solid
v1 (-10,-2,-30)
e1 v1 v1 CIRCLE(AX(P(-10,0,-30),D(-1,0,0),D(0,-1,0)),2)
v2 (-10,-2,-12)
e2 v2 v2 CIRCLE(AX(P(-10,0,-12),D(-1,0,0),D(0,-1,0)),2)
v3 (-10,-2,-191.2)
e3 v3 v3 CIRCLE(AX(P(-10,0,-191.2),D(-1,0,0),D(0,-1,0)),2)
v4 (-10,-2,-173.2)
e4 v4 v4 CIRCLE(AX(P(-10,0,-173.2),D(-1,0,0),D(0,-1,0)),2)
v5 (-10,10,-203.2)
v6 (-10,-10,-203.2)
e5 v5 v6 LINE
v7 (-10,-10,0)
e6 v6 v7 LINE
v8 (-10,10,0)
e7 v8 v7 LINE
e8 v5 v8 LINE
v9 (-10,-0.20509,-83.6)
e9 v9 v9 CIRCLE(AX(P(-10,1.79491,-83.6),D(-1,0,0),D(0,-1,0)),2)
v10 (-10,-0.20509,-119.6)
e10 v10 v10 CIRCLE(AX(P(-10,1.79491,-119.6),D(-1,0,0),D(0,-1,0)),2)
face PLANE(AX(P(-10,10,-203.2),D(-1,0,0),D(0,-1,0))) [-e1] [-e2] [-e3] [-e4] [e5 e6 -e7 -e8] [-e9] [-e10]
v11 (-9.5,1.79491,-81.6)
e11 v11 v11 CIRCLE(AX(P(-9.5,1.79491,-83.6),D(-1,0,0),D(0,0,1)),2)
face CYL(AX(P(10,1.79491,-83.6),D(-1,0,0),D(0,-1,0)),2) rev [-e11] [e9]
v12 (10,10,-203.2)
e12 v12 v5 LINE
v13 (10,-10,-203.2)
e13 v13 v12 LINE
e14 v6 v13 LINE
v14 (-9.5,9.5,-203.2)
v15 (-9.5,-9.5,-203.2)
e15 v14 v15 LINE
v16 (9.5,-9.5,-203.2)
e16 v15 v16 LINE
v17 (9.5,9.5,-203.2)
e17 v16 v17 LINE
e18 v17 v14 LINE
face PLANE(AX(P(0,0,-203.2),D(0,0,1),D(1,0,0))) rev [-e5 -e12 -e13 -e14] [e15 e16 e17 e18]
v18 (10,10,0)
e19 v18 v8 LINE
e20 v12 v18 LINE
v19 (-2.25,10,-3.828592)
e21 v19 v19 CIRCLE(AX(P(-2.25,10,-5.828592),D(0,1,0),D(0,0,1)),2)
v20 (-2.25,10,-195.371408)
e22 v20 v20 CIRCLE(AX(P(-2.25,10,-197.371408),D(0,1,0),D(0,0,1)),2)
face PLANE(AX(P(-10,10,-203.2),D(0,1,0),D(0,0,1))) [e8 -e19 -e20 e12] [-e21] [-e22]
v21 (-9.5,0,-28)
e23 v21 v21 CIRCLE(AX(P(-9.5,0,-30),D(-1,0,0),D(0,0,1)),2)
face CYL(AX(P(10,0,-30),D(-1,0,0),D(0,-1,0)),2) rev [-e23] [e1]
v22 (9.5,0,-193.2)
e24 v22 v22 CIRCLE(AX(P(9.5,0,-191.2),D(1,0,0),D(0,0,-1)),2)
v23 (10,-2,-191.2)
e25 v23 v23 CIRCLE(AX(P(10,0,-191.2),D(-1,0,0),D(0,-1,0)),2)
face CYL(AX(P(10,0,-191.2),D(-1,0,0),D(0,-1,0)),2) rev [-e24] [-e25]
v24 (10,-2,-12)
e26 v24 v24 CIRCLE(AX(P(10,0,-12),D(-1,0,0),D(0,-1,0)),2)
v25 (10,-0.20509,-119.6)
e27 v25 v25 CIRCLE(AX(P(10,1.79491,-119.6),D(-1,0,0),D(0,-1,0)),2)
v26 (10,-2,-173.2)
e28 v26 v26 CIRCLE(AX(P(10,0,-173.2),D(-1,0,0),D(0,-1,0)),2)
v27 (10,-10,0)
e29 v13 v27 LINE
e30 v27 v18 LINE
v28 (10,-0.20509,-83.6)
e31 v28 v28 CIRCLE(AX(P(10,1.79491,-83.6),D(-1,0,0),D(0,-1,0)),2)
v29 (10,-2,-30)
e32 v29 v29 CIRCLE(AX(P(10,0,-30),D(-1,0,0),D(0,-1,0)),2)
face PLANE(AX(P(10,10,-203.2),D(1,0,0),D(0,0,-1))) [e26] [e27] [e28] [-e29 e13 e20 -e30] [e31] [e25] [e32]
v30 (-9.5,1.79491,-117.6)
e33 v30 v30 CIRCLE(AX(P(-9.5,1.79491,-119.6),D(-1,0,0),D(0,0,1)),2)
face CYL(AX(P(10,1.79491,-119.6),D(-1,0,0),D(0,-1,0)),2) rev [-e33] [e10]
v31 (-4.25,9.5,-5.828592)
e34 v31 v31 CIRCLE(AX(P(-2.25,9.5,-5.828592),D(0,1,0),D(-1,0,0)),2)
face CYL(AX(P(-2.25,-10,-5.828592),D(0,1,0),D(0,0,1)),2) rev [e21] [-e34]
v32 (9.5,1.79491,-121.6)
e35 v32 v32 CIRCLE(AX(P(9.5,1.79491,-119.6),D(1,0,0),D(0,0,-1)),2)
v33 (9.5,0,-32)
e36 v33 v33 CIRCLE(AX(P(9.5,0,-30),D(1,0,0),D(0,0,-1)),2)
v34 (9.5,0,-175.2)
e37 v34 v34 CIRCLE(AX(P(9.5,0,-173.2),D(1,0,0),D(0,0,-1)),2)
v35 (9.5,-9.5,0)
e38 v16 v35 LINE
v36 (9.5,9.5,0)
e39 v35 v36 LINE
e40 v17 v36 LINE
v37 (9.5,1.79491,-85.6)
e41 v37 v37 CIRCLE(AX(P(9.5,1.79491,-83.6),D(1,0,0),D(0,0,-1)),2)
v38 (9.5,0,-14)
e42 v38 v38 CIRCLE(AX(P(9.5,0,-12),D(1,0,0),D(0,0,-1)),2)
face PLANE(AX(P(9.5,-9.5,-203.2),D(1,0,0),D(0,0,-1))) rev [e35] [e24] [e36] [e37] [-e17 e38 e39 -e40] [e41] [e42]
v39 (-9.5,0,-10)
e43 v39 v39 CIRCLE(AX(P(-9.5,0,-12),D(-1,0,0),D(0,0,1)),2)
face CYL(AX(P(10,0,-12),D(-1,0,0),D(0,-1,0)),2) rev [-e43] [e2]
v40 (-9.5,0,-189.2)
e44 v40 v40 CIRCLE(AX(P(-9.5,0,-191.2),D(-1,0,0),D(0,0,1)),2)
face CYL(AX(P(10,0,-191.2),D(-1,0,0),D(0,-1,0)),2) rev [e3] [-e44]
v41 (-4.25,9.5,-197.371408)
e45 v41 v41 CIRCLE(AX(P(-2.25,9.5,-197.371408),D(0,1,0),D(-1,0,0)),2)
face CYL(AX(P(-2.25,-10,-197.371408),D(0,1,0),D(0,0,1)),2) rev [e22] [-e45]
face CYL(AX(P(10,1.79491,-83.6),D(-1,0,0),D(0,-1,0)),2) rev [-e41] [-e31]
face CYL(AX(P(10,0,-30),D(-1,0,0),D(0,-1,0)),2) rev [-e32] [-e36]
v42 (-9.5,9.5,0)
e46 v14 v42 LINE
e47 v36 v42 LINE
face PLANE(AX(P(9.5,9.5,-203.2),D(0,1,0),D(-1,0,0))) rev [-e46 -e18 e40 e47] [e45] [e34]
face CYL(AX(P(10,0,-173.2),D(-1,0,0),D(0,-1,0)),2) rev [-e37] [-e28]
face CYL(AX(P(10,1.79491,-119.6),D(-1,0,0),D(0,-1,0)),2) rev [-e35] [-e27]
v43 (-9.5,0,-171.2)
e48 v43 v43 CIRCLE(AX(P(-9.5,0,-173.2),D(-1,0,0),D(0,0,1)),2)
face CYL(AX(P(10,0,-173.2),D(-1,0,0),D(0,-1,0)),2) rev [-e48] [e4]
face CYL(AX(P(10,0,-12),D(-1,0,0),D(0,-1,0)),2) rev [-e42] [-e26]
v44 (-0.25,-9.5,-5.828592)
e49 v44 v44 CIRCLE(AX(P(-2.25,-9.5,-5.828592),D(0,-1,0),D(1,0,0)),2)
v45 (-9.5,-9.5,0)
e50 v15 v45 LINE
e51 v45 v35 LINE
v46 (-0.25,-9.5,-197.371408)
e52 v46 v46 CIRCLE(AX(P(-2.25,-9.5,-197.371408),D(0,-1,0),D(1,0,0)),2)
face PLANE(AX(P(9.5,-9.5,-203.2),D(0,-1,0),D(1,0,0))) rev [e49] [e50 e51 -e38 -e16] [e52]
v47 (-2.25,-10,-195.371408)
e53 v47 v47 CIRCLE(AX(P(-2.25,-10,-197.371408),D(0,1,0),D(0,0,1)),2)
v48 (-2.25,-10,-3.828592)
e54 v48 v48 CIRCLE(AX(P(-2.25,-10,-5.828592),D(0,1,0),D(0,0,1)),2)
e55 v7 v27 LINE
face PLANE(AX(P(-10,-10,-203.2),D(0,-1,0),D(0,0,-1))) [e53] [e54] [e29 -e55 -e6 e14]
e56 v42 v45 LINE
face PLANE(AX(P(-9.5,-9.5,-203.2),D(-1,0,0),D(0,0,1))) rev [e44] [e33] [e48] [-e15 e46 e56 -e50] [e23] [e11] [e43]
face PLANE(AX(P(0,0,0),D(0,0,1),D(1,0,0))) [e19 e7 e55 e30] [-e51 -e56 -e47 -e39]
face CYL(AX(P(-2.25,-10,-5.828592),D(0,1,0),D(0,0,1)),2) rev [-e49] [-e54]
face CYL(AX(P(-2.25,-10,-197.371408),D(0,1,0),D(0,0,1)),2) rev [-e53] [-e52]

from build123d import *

# Parameters (mm, degrees)
SKETCH_1_W          = 20
SKETCH_1_H          = 20
SKETCH_1_W_2        = 19
SKETCH_1_H_2        = 19
EXTRUDE_1_DEPTH     = 203.2
SKETCH_2_R          = 2
CUT_EXTRUDE_1_DEPTH = 205.426612749
SKETCH_3_R          = 2
CUT_EXTRUDE_2_DEPTH = 205.426612749


with BuildPart() as part:
    # 草图1 → 凸台-拉伸1 (new body)
    with BuildSketch(Plane.XY):
        Rectangle(SKETCH_1_W, SKETCH_1_H)
        Rectangle(SKETCH_1_W_2, SKETCH_1_H_2, mode=Mode.SUBTRACT)
    extrude(amount=-EXTRUDE_1_DEPTH)

    # 草图2 → 切除-拉伸1 (cut, through all)
    with BuildSketch(Plane.ZY.offset(10)):
        with Locations(Location((-30, 0, 0), (0, 0, 270))):
            Circle(SKETCH_2_R)
        with Locations(Location((-83.6, 1.794910396, 0), (0, 0, 270))):
            Circle(SKETCH_2_R)
        with Locations(Location((-119.6, 1.794910396, 0), (0, 0, 270))):
            Circle(SKETCH_2_R)
        with Locations(Location((-173.2, 0, 0), (0, 0, 270))):
            Circle(SKETCH_2_R)
        with Locations(Location((-191.2, 0, 0), (0, 0, 270))):
            Circle(SKETCH_2_R)
        with Locations(Location((-12, 0, 0), (0, 0, 270))):
            Circle(SKETCH_2_R)
    extrude(amount=-CUT_EXTRUDE_1_DEPTH, mode=Mode.SUBTRACT)

    # 草图3 → 切除-拉伸2 (cut, through all)
    with BuildSketch(Plane(origin=(0, 10, 0), x_dir=(1, 0, 0), z_dir=(0, 1, 0))):
        with Locations(Location((-2.25, 197.371407716, 0), (0, 0, 270))):
            Circle(SKETCH_3_R)
        with Locations(Location((-2.25, 5.828592284, 0), (0, 0, 270))):
            Circle(SKETCH_3_R)
    extrude(amount=-CUT_EXTRUDE_2_DEPTH, mode=Mode.SUBTRACT)


solid = part.part
